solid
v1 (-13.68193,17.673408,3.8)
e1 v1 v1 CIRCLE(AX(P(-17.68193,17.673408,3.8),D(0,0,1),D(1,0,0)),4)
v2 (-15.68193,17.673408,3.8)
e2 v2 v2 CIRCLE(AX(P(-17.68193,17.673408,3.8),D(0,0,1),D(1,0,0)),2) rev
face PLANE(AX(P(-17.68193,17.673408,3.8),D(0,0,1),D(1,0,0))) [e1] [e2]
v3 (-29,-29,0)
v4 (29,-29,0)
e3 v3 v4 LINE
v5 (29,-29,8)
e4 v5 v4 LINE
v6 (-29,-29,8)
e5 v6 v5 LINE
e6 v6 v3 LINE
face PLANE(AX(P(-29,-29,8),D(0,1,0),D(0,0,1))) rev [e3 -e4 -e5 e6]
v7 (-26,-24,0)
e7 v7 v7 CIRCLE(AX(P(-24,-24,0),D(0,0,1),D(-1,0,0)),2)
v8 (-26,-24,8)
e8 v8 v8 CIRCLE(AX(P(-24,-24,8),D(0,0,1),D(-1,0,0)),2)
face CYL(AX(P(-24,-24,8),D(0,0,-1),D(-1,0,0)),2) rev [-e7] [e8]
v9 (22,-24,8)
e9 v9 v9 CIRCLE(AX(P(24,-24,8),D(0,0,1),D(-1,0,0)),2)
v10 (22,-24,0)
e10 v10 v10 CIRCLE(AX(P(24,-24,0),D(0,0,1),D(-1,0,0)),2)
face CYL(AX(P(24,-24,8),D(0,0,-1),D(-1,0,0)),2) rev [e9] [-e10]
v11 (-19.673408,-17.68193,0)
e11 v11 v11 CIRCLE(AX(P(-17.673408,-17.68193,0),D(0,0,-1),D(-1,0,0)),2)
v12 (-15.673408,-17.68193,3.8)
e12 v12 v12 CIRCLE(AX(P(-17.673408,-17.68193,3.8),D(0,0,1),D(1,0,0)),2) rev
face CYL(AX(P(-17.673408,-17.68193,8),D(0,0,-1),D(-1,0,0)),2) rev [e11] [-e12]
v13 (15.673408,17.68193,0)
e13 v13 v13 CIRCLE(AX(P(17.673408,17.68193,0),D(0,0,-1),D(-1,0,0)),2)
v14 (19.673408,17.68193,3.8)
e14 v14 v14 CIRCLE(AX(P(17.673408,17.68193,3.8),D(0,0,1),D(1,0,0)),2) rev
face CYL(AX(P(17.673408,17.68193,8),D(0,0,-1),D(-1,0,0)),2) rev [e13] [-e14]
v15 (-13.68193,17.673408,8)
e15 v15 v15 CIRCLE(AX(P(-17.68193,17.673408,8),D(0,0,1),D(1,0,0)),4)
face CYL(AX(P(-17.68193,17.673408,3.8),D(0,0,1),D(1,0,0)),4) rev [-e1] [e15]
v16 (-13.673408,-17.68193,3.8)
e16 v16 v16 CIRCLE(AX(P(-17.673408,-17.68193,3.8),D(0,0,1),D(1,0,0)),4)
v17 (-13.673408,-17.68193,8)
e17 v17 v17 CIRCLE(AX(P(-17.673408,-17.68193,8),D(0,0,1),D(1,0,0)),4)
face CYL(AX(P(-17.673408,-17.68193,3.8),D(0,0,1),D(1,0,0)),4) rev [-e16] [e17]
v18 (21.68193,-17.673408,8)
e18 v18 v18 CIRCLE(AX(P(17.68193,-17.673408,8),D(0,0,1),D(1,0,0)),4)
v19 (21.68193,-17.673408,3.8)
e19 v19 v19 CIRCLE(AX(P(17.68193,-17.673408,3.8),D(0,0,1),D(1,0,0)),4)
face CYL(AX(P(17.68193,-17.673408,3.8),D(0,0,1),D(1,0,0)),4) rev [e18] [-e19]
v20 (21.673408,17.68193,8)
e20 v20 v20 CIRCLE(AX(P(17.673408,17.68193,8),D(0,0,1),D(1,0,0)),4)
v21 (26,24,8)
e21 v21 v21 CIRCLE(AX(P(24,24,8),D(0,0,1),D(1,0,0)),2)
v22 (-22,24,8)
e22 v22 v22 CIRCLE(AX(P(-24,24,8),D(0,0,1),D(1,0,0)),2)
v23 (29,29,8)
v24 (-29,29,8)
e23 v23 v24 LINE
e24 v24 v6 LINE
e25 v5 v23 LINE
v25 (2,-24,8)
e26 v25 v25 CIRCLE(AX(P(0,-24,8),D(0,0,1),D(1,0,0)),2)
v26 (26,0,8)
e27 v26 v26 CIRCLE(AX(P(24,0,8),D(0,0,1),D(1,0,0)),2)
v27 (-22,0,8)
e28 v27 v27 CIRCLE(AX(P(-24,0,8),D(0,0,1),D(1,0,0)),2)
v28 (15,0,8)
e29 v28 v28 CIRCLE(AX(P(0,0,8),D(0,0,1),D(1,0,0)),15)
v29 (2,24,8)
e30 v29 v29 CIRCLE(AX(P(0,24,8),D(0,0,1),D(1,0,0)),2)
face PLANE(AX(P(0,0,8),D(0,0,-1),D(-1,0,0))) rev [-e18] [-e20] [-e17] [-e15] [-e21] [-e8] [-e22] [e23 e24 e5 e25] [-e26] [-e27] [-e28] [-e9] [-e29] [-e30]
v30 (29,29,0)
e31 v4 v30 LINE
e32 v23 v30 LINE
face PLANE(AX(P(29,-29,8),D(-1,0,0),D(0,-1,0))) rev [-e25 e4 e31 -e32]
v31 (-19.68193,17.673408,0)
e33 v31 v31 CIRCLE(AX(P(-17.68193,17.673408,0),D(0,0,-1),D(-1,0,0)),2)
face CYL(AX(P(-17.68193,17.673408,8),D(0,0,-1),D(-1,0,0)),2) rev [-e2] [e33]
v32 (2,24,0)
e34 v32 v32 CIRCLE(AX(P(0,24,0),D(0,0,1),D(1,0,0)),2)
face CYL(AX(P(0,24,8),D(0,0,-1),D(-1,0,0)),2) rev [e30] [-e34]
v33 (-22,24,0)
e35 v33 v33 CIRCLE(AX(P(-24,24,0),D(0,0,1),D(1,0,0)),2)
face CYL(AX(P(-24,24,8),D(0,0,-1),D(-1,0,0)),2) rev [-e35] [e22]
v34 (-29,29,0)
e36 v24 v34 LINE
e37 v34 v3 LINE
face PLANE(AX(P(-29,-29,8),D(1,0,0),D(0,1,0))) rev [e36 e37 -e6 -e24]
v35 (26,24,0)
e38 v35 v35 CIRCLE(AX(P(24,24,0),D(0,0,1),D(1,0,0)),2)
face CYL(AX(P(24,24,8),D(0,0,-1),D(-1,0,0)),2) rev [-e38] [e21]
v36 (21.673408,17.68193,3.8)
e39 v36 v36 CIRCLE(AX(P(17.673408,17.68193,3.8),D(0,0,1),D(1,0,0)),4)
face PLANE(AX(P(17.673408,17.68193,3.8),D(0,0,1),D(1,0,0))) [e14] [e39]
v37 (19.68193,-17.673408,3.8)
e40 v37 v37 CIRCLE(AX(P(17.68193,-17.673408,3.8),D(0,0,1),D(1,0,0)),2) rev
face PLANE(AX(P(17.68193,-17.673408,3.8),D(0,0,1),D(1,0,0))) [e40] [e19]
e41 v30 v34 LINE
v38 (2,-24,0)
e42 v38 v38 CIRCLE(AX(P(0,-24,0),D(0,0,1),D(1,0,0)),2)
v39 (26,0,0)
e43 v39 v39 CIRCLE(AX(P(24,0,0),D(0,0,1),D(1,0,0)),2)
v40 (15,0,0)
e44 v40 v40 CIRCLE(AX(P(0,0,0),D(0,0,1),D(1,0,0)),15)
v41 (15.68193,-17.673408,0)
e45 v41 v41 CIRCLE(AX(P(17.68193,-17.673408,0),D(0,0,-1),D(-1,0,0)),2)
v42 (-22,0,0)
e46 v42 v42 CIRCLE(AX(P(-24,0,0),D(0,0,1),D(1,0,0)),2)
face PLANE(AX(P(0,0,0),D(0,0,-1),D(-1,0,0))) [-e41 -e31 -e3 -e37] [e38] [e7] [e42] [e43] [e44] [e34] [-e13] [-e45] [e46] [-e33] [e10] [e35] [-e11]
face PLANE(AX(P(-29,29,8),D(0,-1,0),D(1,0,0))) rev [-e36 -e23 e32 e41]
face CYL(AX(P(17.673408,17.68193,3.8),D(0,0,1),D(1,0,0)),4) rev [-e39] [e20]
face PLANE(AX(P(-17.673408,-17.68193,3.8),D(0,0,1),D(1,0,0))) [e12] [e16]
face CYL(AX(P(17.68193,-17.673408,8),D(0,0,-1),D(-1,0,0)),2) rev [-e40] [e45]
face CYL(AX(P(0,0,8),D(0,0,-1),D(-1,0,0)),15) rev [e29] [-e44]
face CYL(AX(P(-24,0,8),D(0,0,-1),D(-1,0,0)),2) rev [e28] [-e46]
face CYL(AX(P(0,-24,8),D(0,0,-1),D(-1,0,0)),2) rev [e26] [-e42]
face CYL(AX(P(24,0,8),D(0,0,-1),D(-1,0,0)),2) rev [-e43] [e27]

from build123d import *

# Parameters (mm, degrees)
SKETCH1_W           = 58
SKETCH1_H           = 58
SKETCH1_R           = 15
SKETCH1_R_2         = 2
BOSS_EXTRUDE1_DEPTH = 8
SKETCH3_R           = 2
CUT_EXTRUDE1_DEPTH  = 42.785164832
SKETCH4_R           = 4
CUT_EXTRUDE2_DEPTH  = 4.2


with BuildPart() as part:
    # Sketch1 → Boss-Extrude1 (new body)
    with BuildSketch(Plane.XY):
        Rectangle(SKETCH1_W, SKETCH1_H)
        Circle(SKETCH1_R, mode=Mode.SUBTRACT)
        with Locations((0, 24)):
            Circle(SKETCH1_R_2, mode=Mode.SUBTRACT)
        with Locations((-24, 24)):
            Circle(SKETCH1_R_2, mode=Mode.SUBTRACT)
        with Locations((24, 0)):
            Circle(SKETCH1_R_2, mode=Mode.SUBTRACT)
        with Locations((0, -24)):
            Circle(SKETCH1_R_2, mode=Mode.SUBTRACT)
        with Locations((-24, 0)):
            Circle(SKETCH1_R_2, mode=Mode.SUBTRACT)
        with Locations(Location((24, -24, 0), (0, 0, 180))):
            Circle(SKETCH1_R_2, mode=Mode.SUBTRACT)
        with Locations((24, 24)):
            Circle(SKETCH1_R_2, mode=Mode.SUBTRACT)
        with Locations(Location((-24, -24, 0), (0, 0, 180))):
            Circle(SKETCH1_R_2, mode=Mode.SUBTRACT)
    extrude(amount=BOSS_EXTRUDE1_DEPTH)

    # Sketch3 → Cut-Extrude1 (cut, through all)
    with BuildSketch(Plane(origin=(0, 0, 0), x_dir=(-1, 0, 0), z_dir=(0, 0, -1))):
        with Locations((-17.673408237, 17.681929795)):
            Circle(SKETCH3_R)
        with Locations((17.681929795, 17.673408237)):
            Circle(SKETCH3_R)
        with Locations((17.673408237, -17.681929795)):
            Circle(SKETCH3_R)
        with Locations((-17.681929795, -17.673408237)):
            Circle(SKETCH3_R)
    extrude(amount=-CUT_EXTRUDE1_DEPTH, mode=Mode.SUBTRACT)

    # Sketch4 → Cut-Extrude2 (cut)
    with BuildSketch(Plane.XY.offset(8)):
        with Locations((-17.681929795, 17.673408237)):
            Circle(SKETCH4_R)
        with Locations((17.673408237, 17.681929795)):
            Circle(SKETCH4_R)
        with Locations((17.681929795, -17.673408237)):
            Circle(SKETCH4_R)
        with Locations((-17.673408237, -17.681929795)):
            Circle(SKETCH4_R)
    extrude(amount=-CUT_EXTRUDE2_DEPTH, mode=Mode.SUBTRACT)


solid = part.part
